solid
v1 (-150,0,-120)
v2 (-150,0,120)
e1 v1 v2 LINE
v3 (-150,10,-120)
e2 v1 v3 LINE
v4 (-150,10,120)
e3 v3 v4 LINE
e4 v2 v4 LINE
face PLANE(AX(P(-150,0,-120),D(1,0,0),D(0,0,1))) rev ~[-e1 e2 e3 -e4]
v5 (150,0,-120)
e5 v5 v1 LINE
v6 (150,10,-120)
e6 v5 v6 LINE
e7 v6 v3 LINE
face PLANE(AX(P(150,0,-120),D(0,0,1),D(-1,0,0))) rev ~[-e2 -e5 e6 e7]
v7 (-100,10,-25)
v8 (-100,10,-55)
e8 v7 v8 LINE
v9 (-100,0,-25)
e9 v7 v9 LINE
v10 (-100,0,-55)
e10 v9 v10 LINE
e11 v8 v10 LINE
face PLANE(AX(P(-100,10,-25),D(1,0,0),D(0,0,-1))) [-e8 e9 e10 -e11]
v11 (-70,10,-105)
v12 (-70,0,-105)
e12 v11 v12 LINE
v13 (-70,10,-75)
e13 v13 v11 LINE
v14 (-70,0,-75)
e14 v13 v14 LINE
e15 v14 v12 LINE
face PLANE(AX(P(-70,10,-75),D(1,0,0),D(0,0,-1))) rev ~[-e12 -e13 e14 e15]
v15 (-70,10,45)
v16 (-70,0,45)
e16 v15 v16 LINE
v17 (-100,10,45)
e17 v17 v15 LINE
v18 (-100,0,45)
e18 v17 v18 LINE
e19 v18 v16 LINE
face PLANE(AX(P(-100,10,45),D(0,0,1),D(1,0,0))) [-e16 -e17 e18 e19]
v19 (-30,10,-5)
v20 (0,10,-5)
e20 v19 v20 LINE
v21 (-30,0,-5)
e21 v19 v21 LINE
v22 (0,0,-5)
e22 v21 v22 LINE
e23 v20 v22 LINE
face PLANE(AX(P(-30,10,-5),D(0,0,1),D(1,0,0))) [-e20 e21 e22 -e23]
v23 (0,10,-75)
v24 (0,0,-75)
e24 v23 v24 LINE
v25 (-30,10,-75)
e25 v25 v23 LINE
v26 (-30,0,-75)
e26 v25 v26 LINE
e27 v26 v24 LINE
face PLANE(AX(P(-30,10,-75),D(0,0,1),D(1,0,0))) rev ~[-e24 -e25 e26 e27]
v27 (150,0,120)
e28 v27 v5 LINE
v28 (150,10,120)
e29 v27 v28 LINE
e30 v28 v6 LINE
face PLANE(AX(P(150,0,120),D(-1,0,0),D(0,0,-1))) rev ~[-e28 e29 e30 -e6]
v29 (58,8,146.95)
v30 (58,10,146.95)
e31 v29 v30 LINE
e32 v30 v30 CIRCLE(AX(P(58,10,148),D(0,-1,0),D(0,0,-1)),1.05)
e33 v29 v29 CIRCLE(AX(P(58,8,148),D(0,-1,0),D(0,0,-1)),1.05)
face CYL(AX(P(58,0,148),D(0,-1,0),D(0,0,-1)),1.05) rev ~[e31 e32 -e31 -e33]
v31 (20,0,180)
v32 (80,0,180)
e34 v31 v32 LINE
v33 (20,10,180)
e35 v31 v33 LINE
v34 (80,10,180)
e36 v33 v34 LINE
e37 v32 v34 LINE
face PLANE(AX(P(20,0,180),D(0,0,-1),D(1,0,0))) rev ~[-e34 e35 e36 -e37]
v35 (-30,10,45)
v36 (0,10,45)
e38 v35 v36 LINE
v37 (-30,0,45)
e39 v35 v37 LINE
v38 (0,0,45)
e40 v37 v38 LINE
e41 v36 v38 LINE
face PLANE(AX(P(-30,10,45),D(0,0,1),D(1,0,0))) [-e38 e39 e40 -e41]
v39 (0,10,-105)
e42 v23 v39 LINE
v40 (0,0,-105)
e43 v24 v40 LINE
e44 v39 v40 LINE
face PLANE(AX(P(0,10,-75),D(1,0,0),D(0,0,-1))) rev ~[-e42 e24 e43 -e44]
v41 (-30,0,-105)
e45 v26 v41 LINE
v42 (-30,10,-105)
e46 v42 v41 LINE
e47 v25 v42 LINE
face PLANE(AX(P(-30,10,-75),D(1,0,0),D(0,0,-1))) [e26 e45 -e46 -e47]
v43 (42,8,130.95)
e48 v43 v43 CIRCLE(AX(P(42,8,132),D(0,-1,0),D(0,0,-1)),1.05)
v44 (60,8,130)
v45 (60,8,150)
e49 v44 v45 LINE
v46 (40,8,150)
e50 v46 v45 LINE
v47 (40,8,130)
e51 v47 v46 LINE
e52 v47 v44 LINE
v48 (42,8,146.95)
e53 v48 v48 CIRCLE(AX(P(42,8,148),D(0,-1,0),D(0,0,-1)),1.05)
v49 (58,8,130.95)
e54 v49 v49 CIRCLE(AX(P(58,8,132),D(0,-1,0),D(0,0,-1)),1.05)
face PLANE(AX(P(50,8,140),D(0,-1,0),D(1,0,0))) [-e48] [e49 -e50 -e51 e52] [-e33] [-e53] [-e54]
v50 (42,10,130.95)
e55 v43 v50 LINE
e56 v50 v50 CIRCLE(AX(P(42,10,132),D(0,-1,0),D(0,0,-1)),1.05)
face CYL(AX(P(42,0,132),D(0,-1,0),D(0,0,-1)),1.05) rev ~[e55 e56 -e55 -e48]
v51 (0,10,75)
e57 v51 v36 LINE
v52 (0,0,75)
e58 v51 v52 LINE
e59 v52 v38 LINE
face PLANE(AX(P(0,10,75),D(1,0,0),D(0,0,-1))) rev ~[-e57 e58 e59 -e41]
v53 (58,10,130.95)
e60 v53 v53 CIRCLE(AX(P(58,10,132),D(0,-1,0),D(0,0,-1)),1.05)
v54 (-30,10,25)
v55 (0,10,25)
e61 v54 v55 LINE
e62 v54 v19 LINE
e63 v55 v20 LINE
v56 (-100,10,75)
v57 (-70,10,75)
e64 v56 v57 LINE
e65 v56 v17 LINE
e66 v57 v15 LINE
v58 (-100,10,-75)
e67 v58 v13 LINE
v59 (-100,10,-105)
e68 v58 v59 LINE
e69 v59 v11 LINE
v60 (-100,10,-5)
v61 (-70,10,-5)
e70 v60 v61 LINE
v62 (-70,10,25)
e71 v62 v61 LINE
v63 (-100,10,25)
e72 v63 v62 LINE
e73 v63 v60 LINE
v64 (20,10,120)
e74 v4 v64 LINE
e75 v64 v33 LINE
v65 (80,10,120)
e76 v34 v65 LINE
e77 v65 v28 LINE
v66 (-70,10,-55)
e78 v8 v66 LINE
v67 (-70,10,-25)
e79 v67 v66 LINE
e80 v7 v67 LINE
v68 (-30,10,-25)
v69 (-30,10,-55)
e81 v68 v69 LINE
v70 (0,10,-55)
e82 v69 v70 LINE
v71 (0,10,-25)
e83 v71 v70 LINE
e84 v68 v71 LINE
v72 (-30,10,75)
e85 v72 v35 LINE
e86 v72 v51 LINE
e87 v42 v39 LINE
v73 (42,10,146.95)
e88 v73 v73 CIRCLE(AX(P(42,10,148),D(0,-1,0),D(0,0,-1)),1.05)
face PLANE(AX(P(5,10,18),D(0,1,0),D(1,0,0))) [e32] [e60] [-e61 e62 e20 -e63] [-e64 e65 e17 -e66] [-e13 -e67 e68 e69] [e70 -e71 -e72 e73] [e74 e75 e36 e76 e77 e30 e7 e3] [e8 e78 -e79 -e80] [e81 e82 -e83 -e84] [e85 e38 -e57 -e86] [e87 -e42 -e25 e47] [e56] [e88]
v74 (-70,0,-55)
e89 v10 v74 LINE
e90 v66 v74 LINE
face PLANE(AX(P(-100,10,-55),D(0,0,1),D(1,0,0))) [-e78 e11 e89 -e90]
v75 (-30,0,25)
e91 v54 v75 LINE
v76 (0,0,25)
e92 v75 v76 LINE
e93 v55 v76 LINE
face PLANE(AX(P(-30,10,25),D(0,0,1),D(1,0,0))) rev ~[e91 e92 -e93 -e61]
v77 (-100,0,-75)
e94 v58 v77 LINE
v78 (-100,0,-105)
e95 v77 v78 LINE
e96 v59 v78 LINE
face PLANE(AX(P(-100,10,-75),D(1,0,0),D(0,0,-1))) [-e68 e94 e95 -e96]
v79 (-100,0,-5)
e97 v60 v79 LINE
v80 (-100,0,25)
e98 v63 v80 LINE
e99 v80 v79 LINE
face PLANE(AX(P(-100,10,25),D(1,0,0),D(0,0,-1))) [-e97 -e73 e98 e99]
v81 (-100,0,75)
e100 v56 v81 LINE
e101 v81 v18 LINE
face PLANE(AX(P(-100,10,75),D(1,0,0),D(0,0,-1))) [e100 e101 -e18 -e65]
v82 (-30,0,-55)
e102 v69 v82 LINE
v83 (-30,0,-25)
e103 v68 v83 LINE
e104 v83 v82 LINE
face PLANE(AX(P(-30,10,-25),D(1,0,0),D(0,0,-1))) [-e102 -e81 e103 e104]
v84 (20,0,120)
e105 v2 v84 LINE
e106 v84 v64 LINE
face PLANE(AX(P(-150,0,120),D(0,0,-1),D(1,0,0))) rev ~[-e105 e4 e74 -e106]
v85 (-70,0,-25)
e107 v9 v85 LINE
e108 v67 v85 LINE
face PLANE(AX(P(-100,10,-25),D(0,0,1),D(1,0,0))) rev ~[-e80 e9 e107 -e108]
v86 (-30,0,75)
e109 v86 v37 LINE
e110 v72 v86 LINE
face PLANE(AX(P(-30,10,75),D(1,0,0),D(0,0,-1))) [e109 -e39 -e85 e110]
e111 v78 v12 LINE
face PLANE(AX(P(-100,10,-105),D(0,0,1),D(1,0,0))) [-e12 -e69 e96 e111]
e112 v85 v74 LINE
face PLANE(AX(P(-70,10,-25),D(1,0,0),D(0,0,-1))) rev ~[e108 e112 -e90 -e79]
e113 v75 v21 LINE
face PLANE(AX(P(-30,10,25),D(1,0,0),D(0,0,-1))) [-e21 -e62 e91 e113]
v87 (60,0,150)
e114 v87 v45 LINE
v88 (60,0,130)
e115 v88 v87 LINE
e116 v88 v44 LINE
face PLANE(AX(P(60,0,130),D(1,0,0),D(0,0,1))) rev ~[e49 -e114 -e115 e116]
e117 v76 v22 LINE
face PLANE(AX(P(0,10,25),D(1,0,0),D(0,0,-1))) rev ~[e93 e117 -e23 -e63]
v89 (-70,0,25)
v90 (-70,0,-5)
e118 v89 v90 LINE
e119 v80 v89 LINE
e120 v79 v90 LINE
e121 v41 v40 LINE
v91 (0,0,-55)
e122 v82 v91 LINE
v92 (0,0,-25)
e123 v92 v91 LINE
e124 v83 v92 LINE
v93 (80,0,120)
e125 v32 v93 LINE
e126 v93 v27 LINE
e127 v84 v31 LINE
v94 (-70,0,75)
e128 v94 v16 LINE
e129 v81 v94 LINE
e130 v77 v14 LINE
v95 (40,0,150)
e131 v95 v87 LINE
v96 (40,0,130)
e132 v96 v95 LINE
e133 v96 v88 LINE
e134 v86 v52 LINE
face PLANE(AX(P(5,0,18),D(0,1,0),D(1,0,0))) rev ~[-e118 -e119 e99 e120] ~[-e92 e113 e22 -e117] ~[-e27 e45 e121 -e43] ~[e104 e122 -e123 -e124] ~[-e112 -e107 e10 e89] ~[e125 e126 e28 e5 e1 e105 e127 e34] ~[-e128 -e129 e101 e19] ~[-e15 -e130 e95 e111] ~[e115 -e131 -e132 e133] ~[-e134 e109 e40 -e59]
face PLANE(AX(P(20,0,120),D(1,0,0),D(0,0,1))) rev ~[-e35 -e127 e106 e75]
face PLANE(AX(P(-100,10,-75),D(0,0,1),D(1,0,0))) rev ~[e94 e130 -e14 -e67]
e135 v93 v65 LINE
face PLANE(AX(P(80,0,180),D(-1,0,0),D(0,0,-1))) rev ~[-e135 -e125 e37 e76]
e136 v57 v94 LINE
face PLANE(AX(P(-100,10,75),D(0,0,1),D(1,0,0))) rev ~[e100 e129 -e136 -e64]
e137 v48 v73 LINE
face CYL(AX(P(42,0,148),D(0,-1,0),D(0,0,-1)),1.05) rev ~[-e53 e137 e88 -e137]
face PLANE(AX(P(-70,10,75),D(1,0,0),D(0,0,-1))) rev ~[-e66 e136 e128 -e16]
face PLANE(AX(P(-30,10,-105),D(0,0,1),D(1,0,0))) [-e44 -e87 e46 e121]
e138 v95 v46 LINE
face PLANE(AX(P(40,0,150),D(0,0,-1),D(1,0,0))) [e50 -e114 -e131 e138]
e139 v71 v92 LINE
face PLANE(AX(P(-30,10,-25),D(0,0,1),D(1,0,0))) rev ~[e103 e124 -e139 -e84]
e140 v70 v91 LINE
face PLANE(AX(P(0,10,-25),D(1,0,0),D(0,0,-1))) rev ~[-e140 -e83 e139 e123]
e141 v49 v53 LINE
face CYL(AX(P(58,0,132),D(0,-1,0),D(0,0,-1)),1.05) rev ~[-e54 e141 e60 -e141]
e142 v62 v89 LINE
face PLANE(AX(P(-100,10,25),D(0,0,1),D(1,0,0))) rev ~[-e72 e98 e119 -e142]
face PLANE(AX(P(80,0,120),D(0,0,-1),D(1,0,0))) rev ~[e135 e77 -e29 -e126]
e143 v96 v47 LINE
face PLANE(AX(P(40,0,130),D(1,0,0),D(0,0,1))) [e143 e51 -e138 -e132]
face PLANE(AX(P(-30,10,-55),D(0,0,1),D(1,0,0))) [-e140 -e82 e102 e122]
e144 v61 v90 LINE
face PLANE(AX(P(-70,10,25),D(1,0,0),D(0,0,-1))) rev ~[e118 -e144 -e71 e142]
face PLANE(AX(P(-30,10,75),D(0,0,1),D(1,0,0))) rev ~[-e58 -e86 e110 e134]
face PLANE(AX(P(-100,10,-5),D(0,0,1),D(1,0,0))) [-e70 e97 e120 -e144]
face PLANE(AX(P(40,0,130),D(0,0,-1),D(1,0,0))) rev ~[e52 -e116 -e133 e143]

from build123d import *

# Parameters (mm, degrees)
EXTRUDE_1_DEPTH     = 10
SKETCH_2_W          = 20
SKETCH_2_H          = 20
SKETCH_2_R          = 1.05
CUT_EXTRUDE_1_DEPTH = 8
SKETCH_2_3_R        = 1.05
CUT_EXTRUDE_2_DEPTH = 235.520787991
SKETCH_3_W          = 30
SKETCH_3_H          = 30
CUT_EXTRUDE_3_DEPTH = 235.520787991


with BuildPart() as part:
    # 草圖1 → 填料-伸長1 (new body)
    with BuildSketch(Plane(origin=(0, 0, 0), x_dir=(1, 0, 0), z_dir=(0, 1, 0))):
        Polygon((-150, -120), (20, -120), (20, -180), (80, -180), (80, -120), (150, -120), (150, 120), (-150, 120), align=None)
    extrude(amount=EXTRUDE_1_DEPTH)

    # 草圖2 → 除料-伸長1 (cut)
    with BuildSketch(Plane.XZ):
        with Locations((50, 140)):
            Rectangle(SKETCH_2_W, SKETCH_2_H)
        with Locations((42, 132)):
            Circle(SKETCH_2_R, mode=Mode.SUBTRACT)
        with Locations((58, 132)):
            Circle(SKETCH_2_R, mode=Mode.SUBTRACT)
        with Locations((42, 148)):
            Circle(SKETCH_2_R, mode=Mode.SUBTRACT)
        with Locations((58, 148)):
            Circle(SKETCH_2_R, mode=Mode.SUBTRACT)
    extrude(amount=-CUT_EXTRUDE_1_DEPTH, mode=Mode.SUBTRACT)

    # 草圖2<3> → 除料-伸長2 (cut, through all)
    with BuildSketch(Plane.XZ):
        with Locations((42, 132)):
            Circle(SKETCH_2_3_R)
        with Locations((42, 148)):
            Circle(SKETCH_2_3_R)
        with Locations((58, 132)):
            Circle(SKETCH_2_3_R)
        with Locations((58, 148)):
            Circle(SKETCH_2_3_R)
    extrude(amount=-CUT_EXTRUDE_2_DEPTH, mode=Mode.SUBTRACT)

    # 草圖3 → 除料-伸長3 (cut, through all)
    with BuildSketch(Plane(origin=(0, 10, 0), x_dir=(1, 0, 0), z_dir=(0, 1, 0))):
        with Locations((-85, -60)):
            Rectangle(SKETCH_3_W, SKETCH_3_H)
        with Locations((-85, -10)):
            Rectangle(SKETCH_3_W, SKETCH_3_H)
        with Locations((-85, 40)):
            Rectangle(SKETCH_3_W, SKETCH_3_H)
        with Locations((-85, 90)):
            Rectangle(SKETCH_3_W, SKETCH_3_H)
        with Locations((-15, -60)):
            Rectangle(SKETCH_3_W, SKETCH_3_H)
        with Locations((-15, -10)):
            Rectangle(SKETCH_3_W, SKETCH_3_H)
        with Locations((-15, 40)):
            Rectangle(SKETCH_3_W, SKETCH_3_H)
        with Locations((-15, 90)):
            Rectangle(SKETCH_3_W, SKETCH_3_H)
    extrude(amount=-CUT_EXTRUDE_3_DEPTH, mode=Mode.SUBTRACT)


solid = part.part
